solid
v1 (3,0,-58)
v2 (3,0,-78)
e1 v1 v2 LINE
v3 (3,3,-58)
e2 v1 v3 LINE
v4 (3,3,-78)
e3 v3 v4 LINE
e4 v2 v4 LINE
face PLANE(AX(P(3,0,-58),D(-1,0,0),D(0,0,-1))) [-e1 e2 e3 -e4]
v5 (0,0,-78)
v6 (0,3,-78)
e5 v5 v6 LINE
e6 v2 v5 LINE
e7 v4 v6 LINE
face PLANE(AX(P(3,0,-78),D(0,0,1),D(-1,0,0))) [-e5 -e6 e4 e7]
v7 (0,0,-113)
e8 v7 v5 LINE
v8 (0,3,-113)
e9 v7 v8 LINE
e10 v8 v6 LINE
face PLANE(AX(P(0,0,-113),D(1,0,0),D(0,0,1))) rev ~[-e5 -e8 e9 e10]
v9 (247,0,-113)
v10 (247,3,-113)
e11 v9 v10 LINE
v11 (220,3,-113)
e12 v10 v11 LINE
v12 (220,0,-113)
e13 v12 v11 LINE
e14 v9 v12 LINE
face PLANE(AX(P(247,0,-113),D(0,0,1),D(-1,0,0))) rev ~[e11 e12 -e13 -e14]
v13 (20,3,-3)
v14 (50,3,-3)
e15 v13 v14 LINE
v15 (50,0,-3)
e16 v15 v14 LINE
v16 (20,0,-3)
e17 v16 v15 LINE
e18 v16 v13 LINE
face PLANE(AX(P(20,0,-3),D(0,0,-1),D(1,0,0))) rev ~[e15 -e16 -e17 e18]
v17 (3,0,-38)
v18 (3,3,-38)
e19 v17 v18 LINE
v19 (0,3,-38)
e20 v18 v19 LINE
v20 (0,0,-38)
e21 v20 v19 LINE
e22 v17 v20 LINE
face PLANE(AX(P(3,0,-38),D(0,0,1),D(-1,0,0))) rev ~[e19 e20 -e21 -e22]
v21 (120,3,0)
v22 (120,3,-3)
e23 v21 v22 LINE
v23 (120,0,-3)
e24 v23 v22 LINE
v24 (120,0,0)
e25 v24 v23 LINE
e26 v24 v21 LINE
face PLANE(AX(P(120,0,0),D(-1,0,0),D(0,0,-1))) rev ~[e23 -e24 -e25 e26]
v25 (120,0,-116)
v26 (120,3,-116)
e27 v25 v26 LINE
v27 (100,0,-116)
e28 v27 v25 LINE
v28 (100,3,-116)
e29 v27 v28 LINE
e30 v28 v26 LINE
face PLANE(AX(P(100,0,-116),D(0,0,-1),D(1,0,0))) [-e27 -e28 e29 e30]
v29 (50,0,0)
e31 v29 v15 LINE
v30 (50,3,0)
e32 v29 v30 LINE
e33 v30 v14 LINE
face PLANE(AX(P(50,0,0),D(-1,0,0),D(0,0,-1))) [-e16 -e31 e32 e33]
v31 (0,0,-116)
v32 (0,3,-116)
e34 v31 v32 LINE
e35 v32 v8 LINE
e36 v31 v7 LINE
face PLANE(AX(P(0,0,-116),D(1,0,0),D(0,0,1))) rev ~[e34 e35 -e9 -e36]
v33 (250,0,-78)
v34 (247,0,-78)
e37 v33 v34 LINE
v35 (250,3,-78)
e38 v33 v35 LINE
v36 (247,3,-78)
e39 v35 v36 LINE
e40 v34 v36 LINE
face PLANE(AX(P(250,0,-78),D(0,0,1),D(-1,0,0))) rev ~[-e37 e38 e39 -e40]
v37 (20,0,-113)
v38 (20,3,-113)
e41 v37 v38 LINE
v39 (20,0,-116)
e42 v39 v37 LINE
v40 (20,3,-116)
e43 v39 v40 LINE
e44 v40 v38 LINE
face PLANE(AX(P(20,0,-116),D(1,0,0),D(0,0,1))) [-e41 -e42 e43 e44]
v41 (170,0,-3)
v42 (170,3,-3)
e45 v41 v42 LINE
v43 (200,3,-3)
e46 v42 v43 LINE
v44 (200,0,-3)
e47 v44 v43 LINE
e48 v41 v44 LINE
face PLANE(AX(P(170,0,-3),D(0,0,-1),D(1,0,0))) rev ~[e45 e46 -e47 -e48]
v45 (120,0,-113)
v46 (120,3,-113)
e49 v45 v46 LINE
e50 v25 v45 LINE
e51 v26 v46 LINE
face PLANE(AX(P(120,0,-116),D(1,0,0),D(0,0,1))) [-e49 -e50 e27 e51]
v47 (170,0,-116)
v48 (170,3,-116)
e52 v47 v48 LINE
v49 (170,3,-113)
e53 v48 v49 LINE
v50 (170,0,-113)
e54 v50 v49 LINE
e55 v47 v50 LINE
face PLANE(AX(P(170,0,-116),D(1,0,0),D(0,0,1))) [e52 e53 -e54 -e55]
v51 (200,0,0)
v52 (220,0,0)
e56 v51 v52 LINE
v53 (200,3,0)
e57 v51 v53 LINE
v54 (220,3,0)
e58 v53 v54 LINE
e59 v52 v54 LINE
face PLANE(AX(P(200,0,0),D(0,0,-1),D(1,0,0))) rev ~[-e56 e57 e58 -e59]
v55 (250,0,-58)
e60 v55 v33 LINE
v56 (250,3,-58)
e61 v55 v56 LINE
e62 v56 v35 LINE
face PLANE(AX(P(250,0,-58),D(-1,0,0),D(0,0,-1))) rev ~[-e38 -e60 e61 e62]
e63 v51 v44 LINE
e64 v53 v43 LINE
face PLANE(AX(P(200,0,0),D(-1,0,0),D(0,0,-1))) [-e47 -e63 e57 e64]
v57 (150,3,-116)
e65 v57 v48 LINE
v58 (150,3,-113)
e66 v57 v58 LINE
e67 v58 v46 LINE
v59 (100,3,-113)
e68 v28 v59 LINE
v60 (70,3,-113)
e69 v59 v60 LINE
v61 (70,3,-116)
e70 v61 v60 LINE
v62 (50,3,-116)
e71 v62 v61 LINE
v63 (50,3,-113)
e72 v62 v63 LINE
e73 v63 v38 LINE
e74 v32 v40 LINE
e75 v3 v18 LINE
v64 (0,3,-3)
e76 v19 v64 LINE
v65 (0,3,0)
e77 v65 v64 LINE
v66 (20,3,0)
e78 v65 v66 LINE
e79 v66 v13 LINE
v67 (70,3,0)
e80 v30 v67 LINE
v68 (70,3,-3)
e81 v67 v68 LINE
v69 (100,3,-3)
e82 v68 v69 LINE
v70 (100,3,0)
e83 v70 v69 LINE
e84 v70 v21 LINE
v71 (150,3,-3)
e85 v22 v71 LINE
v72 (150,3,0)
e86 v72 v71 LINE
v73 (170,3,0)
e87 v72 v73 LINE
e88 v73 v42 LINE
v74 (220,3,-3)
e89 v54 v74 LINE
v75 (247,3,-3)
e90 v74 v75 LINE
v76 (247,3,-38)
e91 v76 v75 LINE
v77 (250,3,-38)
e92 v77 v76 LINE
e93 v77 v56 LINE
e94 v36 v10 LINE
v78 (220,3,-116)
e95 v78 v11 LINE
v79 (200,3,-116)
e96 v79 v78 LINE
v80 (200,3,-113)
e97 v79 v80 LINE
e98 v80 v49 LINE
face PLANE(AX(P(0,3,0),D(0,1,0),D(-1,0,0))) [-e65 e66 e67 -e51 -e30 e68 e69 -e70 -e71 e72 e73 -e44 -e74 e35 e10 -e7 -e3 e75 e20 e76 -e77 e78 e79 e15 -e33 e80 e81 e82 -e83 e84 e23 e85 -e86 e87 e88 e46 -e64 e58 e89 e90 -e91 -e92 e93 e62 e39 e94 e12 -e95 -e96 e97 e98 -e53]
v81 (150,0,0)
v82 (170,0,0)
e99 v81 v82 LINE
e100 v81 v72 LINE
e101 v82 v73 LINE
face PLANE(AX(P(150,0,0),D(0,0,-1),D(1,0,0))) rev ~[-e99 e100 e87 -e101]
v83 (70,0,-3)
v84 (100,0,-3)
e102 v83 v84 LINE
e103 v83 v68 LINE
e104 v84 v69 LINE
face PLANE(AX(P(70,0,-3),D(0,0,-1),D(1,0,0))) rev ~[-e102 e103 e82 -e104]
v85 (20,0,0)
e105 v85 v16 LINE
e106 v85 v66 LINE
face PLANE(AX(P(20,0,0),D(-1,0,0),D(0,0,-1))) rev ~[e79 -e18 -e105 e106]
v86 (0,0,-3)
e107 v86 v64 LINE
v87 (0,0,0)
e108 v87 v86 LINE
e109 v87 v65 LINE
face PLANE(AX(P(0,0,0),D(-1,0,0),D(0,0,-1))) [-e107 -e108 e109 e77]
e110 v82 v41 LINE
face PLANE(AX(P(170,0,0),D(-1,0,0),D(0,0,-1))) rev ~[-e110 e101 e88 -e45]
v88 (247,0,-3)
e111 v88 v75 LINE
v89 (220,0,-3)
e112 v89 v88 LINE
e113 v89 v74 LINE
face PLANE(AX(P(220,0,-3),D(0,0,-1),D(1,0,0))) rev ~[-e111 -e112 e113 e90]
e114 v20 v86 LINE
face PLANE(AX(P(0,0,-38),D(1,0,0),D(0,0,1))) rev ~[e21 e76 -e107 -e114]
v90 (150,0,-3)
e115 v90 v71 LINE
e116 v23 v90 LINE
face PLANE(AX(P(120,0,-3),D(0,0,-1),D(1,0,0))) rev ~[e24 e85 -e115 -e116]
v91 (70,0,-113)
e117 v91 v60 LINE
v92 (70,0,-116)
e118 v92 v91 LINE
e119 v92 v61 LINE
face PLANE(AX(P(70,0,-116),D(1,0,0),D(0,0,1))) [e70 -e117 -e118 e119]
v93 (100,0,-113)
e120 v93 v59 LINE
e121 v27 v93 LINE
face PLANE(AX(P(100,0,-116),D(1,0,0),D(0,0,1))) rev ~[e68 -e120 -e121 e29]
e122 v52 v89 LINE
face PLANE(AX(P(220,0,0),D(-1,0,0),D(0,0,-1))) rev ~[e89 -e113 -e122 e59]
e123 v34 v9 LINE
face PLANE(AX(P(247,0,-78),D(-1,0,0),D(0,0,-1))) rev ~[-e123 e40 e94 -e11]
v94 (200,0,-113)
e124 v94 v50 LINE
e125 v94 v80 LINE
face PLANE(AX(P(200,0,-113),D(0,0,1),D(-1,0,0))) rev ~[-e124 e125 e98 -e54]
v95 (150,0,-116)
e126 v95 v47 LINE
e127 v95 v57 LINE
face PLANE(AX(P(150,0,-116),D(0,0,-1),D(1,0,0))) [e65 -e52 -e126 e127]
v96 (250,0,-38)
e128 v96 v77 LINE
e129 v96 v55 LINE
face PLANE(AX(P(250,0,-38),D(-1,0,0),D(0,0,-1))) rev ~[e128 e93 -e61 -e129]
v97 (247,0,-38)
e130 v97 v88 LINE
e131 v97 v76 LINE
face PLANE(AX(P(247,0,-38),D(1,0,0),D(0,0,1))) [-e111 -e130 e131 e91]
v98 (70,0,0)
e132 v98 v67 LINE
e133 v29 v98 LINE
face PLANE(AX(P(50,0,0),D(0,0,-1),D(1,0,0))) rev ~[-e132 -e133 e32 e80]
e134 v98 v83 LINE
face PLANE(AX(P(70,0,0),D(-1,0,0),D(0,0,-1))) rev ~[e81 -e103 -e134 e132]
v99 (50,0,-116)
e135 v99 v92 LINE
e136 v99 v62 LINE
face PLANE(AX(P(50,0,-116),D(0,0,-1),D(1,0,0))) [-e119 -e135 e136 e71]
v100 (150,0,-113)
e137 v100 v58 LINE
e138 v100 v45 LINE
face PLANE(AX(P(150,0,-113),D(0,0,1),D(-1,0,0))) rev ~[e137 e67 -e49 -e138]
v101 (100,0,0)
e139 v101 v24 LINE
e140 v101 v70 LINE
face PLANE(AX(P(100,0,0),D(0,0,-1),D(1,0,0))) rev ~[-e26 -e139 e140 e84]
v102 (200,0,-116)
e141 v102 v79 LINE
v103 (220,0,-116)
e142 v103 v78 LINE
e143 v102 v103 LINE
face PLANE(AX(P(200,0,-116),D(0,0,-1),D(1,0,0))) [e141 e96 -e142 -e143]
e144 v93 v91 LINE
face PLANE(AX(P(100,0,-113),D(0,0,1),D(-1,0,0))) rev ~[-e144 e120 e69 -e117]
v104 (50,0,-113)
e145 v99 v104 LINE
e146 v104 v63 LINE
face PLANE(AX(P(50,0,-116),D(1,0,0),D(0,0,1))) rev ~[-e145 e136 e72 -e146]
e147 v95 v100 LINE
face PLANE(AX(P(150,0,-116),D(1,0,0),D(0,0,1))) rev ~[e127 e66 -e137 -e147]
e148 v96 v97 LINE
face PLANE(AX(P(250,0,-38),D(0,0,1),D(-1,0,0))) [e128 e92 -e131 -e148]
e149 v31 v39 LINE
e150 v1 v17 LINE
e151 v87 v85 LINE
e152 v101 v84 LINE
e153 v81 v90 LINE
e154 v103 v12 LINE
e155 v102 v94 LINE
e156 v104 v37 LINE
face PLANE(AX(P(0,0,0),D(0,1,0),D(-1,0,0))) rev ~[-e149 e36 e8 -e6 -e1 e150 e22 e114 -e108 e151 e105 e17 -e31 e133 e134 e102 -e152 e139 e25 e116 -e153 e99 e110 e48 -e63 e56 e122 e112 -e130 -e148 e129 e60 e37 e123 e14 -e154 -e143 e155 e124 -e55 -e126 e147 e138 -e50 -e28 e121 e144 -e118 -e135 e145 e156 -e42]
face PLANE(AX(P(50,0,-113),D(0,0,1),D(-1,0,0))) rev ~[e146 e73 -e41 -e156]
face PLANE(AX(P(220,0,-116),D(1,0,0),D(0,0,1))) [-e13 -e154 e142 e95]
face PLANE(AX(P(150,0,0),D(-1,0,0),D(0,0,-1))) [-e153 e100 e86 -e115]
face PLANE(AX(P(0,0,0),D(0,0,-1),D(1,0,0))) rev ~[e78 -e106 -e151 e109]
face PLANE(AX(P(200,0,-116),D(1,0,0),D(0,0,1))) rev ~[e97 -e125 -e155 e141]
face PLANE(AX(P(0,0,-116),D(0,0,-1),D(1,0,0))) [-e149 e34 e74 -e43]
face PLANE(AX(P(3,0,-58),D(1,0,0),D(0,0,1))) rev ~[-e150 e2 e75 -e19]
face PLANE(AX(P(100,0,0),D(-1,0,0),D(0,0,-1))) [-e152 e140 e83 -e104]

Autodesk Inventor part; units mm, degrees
ref_plane "YZ Plane" through (0, 0, 0) normal (1, 0, 0) x (0, 1, 0)
ref_plane "XZ Plane" through (0, 0, 0) normal (0, 1, 0) x (-1, 0, 0)
ref_plane "XY Plane" through (0, 0, 0) normal (0, 0, 1) x (1, 0, 0)
sketch "Sketch1" plane through (0, 0, 0) normal (0, 1, 0) x (-1, 0, 0)
  line L0 (0, 0) -> (0, -3)
  line L1 (-250, -38) -> (-250, -78)
  line L2 (0, 0) -> (-20, 0)
  line L3 (-50, 0) -> (-50, -3)
  line L4 (-50, 0) -> (-70, 0)
  line L5 (-70, 0) -> (-70, -3)
  line L6 (-100, 0) -> (-100, -3)
  line L7 (-100, 0) -> (-120, 0)
  line L8 (-120, 0) -> (-120, -3)
  line L9 (-150, 0) -> (-150, -3)
  line L10 (-150, 0) -> (-170, 0)
  line L11 (-170, 0) -> (-170, -3)
  line L12 (-200, 0) -> (-200, -3)
  line L13 (-200, 0) -> (-220, 0)
  line L14 (-220, 0) -> (-220, -3)
  line L15 (-20, 0) -> (-20, -3)
  line L16 (-250, -58) -> (-250, -78)
  line L17 (-250, -78) -> (-247, -78)
  line L18 (-247, -78) -> (-247, -113)
  line L19 (-250, -58) -> (-250, -38)
  line L20 (-250, -38) -> (-247, -38)
  line L21 (-247, -38) -> (-247, -3)
  line L22 (-220, -3) -> (-247, -3)
  line L23 (-170, -3) -> (-200, -3)
  line L24 (-120, -3) -> (-150, -3)
  line L25 (-20, -3) -> (-50, -3)
  line L26 (-70, -3) -> (-100, -3)
  line L27 (0, -116) -> (0, -113)
  line L28 (0, -116) -> (-20, -116)
  line L29 (-50, -116) -> (-50, -113)
  line L30 (-50, -116) -> (-70, -116)
  line L31 (-70, -116) -> (-70, -113)
  line L32 (-100, -116) -> (-100, -113)
  line L33 (-100, -116) -> (-120, -116)
  line L34 (-120, -116) -> (-120, -113)
  line L35 (-150, -116) -> (-150, -113)
  line L36 (-150, -116) -> (-170, -116)
  line L37 (-170, -116) -> (-170, -113)
  line L38 (-200, -116) -> (-200, -113)
  line L39 (-200, -116) -> (-220, -116)
  line L40 (-220, -116) -> (-220, -113)
  line L41 (-20, -116) -> (-20, -113)
  line L42 (-3, -58) -> (-3, -78)
  line L43 (-3, -78) -> (0, -78)
  line L44 (-3, -58) -> (-3, -38)
  line L45 (-3, -38) -> (0, -38)
  line L46 (0, -113) -> (0, -78)
  line L47 (0, -38) -> (0, -3)
  line L48 (-50, -113) -> (-20, -113)
  line L49 (-100, -113) -> (-70, -113)
  line L50 (-150, -113) -> (-120, -113)
  line L51 (-247, -113) -> (-220, -113)
  line L52 (-200, -113) -> (-170, -113)
  dimension "d2" = 110
  dimension "d3" = 20
  dimension "d4" = 20
  dimension "d5" = 20
  dimension "d7" = 20
  dimension "d8" = 20
  dimension "d9" = 20
  dimension "d10" = 3
  dimension "d11" = 20
  dimension "d12" = 3
  dimension "d13" = 250
  dimension "d14" = 30
  dimension "d15" = 30
  dimension "d16" = 30
  dimension "d17" = 30
extrude "Extrusion1" add sketch "Sketch1" along normal blind 3
properties part number "latGenerico"
